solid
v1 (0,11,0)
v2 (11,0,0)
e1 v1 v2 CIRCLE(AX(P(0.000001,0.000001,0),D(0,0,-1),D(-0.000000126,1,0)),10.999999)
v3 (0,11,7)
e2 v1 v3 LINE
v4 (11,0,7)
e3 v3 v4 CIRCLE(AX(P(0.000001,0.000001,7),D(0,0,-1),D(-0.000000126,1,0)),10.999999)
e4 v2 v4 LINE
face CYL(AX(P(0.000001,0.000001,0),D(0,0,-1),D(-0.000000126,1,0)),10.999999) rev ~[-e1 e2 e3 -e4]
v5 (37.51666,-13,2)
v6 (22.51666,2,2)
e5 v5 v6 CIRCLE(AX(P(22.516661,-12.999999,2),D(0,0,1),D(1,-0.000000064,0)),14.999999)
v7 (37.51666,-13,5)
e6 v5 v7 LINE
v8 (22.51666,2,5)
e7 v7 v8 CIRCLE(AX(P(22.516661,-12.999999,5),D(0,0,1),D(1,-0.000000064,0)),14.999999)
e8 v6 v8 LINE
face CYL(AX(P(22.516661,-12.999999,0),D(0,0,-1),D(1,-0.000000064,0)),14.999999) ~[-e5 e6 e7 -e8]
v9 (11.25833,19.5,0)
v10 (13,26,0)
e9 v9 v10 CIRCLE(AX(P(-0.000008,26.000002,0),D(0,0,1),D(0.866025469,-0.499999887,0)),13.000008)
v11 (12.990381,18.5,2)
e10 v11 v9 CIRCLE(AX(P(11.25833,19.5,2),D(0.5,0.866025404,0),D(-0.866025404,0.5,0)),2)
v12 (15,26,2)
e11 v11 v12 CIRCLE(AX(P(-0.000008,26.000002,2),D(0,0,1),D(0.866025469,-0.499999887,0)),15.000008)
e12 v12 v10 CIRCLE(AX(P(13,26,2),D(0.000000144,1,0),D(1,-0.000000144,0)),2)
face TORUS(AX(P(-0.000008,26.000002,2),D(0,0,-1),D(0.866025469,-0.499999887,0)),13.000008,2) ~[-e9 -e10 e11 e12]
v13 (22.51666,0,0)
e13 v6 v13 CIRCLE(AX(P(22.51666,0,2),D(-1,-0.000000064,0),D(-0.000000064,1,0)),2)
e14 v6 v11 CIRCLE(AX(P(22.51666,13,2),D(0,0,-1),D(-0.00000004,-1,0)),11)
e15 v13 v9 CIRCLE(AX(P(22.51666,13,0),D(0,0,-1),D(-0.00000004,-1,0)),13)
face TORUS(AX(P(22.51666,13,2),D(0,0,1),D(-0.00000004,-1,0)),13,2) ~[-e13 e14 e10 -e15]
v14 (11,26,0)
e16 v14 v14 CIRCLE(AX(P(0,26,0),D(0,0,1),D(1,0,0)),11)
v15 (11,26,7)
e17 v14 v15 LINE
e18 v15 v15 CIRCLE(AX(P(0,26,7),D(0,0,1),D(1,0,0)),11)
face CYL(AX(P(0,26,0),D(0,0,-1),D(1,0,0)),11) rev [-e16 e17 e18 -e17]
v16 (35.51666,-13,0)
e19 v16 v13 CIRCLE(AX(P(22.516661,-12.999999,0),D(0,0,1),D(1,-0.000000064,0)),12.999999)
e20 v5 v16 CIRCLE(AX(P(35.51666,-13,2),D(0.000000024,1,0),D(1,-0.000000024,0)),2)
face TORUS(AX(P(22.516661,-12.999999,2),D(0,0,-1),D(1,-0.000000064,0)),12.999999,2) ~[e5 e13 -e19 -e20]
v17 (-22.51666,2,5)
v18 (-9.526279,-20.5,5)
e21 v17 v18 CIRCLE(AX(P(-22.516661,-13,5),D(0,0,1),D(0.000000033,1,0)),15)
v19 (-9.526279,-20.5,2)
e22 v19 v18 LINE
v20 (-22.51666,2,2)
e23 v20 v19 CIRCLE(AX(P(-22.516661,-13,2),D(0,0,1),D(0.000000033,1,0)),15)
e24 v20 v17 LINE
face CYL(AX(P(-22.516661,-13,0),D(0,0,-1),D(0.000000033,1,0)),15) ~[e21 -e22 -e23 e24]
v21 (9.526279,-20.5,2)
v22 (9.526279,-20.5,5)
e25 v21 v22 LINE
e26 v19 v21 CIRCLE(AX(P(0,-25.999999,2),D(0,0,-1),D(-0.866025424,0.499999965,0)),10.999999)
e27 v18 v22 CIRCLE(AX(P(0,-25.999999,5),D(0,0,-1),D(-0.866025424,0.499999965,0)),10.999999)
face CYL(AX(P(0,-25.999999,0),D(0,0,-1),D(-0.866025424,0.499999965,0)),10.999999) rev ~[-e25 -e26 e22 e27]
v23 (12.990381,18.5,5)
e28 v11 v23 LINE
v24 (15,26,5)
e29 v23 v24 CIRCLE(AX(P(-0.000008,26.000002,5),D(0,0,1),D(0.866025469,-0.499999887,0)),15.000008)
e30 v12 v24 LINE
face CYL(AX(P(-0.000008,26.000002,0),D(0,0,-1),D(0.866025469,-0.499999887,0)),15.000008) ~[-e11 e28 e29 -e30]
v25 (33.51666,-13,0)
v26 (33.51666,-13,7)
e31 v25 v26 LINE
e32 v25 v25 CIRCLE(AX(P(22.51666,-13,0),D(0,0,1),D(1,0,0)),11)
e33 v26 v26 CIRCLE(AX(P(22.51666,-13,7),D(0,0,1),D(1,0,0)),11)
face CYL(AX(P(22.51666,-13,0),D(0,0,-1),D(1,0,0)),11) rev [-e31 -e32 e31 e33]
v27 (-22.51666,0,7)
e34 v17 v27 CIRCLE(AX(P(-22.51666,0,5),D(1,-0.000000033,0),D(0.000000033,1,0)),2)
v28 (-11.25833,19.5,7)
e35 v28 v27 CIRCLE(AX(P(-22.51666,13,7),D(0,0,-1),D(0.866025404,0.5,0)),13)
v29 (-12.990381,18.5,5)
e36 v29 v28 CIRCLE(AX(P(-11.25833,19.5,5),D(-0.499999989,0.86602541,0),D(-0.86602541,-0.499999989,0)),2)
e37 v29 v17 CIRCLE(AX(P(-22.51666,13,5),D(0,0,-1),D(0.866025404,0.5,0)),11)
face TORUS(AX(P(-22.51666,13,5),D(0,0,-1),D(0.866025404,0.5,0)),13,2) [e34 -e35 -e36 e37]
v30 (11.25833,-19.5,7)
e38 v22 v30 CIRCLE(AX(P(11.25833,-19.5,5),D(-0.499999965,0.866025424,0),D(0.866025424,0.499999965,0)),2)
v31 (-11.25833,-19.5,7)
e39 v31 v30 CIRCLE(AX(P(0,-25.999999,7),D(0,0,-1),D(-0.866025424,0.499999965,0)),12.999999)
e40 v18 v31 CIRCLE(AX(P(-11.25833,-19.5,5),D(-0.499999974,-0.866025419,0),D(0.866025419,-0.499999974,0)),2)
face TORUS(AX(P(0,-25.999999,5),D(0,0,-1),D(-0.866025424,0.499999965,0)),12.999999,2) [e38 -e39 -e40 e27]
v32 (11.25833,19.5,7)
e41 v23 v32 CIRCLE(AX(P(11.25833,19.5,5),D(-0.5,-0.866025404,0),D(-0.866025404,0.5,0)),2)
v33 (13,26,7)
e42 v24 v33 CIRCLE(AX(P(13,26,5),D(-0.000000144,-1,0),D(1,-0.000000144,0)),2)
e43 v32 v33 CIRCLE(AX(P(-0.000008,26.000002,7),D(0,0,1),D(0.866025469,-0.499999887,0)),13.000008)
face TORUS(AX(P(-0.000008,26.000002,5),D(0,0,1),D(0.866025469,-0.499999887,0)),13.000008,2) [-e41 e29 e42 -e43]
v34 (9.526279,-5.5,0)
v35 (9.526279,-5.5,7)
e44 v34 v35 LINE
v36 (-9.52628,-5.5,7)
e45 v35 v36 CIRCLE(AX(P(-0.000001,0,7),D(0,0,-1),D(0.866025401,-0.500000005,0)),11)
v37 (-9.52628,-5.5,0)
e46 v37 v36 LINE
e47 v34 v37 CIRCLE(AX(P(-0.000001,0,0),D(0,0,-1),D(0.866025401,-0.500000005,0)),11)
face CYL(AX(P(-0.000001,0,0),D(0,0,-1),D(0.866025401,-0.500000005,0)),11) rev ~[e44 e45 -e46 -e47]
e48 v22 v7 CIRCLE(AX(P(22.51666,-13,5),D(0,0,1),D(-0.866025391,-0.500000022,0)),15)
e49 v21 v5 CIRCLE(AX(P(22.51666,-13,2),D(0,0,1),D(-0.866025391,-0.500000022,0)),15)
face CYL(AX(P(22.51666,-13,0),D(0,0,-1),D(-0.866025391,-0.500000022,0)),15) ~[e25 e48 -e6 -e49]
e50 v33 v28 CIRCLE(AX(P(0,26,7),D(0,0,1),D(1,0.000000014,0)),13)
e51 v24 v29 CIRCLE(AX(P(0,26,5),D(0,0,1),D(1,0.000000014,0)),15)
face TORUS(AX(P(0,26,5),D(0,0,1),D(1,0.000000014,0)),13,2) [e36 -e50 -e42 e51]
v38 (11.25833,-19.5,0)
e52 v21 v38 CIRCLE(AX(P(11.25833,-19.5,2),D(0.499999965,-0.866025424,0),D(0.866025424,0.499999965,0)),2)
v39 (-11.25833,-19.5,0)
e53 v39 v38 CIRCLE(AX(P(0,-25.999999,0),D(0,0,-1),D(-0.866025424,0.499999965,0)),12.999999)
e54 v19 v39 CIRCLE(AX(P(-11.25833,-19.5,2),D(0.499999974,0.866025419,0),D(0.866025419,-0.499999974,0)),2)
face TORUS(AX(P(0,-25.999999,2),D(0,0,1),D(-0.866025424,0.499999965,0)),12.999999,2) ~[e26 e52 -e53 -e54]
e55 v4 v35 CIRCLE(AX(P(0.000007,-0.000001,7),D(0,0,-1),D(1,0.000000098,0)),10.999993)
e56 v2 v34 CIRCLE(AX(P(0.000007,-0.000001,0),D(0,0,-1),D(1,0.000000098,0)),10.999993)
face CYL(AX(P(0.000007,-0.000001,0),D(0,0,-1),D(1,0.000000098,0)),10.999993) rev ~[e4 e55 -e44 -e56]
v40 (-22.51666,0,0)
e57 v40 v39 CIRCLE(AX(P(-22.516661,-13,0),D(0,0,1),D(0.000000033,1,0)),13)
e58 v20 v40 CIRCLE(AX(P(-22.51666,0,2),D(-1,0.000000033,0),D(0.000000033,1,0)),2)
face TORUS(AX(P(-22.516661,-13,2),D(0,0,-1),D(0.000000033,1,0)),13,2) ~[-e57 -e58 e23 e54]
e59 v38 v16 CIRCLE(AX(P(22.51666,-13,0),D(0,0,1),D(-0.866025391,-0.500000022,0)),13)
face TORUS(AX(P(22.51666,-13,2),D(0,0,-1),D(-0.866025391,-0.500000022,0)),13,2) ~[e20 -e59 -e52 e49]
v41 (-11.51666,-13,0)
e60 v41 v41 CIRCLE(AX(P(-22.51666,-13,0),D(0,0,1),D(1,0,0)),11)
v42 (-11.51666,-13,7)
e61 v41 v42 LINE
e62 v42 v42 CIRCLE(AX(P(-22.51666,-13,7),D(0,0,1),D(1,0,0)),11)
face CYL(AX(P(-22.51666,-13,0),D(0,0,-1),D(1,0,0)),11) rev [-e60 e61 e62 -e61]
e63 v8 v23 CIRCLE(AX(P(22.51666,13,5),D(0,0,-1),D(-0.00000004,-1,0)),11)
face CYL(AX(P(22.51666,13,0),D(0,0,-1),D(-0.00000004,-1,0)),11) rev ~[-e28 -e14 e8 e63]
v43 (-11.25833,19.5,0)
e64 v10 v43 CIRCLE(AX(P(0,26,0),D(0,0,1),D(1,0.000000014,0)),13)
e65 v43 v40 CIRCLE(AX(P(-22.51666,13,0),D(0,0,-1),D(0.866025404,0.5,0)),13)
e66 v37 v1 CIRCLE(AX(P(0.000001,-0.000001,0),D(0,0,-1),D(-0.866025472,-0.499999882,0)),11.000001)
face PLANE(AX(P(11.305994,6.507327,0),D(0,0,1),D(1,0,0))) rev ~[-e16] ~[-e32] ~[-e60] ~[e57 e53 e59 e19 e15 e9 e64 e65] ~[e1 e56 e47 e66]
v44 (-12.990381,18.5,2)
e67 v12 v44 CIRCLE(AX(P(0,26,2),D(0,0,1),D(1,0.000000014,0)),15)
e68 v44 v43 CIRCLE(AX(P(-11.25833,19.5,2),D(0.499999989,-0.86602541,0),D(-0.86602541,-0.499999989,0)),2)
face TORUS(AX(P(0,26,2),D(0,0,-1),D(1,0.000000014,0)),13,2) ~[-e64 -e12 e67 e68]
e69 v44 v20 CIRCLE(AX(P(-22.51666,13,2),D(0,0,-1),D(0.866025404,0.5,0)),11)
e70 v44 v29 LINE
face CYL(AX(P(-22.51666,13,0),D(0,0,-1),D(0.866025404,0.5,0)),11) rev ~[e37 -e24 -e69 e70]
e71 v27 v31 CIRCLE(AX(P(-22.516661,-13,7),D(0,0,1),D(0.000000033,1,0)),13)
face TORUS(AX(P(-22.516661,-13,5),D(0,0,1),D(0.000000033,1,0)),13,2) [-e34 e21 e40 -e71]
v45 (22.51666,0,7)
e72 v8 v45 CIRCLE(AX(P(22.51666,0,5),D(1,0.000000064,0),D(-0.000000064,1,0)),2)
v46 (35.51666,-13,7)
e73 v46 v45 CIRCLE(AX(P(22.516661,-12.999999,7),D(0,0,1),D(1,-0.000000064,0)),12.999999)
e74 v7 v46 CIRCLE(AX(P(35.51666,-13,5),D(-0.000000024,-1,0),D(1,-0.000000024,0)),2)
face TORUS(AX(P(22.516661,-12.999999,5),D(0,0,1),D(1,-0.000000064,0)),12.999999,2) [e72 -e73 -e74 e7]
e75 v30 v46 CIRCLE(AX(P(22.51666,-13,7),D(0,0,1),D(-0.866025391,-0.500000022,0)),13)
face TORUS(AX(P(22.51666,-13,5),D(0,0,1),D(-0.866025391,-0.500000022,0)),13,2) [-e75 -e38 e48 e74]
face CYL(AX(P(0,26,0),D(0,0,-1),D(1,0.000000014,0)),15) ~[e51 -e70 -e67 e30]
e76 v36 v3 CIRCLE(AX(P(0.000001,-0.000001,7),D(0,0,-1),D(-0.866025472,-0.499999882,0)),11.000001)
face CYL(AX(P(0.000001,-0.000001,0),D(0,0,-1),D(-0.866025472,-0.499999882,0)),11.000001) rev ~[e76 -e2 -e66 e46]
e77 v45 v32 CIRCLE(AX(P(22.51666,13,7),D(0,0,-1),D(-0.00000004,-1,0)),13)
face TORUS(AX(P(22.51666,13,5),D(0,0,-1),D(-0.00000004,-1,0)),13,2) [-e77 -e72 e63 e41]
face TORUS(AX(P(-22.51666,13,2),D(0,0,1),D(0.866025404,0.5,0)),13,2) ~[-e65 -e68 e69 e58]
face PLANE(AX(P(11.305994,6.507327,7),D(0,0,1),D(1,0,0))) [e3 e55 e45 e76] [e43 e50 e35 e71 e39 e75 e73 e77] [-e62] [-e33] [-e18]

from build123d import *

# Parameters (mm, degrees)
F0_R     = 11
F1_DEPTH = 7
F2_R     = 2


with BuildPart() as f1:
    # F0 (on Top) → F1 (new body)
    with BuildSketch(Plane.XY):
        with BuildLine():
            ThreePointArc((0, 11), (7.778175, 7.778175), (11, 0))
            ThreePointArc((11, 0), (10.625184, -2.84701), (9.526279, -5.5))
            ThreePointArc((9.526279, -5.5), (15.01666, -0.009619), (22.51666, 2))
            ThreePointArc((22.51666, 2), (12.990381, 7.5), (12.990381, 18.5))
            ThreePointArc((12.990381, 18.5), (7.5, 13.009619), (0, 11))
        make_face()
        with BuildLine():
            ThreePointArc((-9.52628, -5.5), (-9.526279, 5.5), (0, 11))
            ThreePointArc((0, 11), (-7.5, 13.009619), (-12.990381, 18.5))
            ThreePointArc((-12.990381, 18.5), (-12.990381, 7.5), (-22.51666, 2))
            ThreePointArc((-22.51666, 2), (-15.016661, -0.009619), (-9.52628, -5.5))
        make_face()
        with BuildLine():
            ThreePointArc((-12.990381, 18.5), (-7.5, 13.009619), (0, 11))
            ThreePointArc((0, 11), (7.5, 13.009619), (12.990381, 18.5))
            ThreePointArc((12.990381, 18.5), (14.488887, 22.117714), (15, 26))
            ThreePointArc((15, 26), (-3.882286, 40.488887), (-12.990381, 18.5))
        make_face()
        with Locations((0, 26)):
            Circle(F0_R, mode=Mode.SUBTRACT)
        with BuildLine():
            ThreePointArc((9.526279, -20.5), (7.51666, -13), (9.526279, -5.5))
            ThreePointArc((9.526279, -5.5), (0, -11), (-9.52628, -5.5))
            ThreePointArc((-9.52628, -5.5), (-8.027773, -9.117714), (-7.51666, -13))
            ThreePointArc((-7.51666, -13), (-8.027773, -16.882286), (-9.526279, -20.5))
            ThreePointArc((-9.526279, -20.5), (0, -15), (9.526279, -20.5))
        make_face()
        with BuildLine():
            ThreePointArc((22.51666, 2), (15.01666, -0.009619), (9.526279, -5.5))
            ThreePointArc((9.526279, -5.5), (7.51666, -13), (9.526279, -20.5))
            ThreePointArc((9.526279, -20.5), (26.398946, -27.488887), (37.51666, -13))
            ThreePointArc((37.51666, -13), (33.123262, -2.393398), (22.51666, 2))
        make_face()
        with Locations((22.51666, -13)):
            Circle(F0_R, mode=Mode.SUBTRACT)
        with BuildLine():
            ThreePointArc((-7.51666, -13), (-8.027773, -9.117714), (-9.52628, -5.5))
            ThreePointArc((-9.52628, -5.5), (-15.016661, -0.009619), (-22.51666, 2))
            ThreePointArc((-22.51666, 2), (-35.507042, -20.5), (-9.526279, -20.5))
            ThreePointArc((-9.526279, -20.5), (-8.027773, -16.882286), (-7.51666, -13))
        make_face()
        with Locations((-22.51666, -13)):
            Circle(F0_R, mode=Mode.SUBTRACT)
    extrude(amount=F1_DEPTH)

    # F2
    f2_edges = [f1.edges().sort_by_distance(p)[0] for p in [
        (-9.526279, -20.5, 3.5),
        (-35.507042, -20.5, 7),
        (-22.51666, 2, 3.5),
        (-35.507042, -20.5, 0),
    ]]
    fillet(f2_edges, radius=F2_R)


solid = f1.part
